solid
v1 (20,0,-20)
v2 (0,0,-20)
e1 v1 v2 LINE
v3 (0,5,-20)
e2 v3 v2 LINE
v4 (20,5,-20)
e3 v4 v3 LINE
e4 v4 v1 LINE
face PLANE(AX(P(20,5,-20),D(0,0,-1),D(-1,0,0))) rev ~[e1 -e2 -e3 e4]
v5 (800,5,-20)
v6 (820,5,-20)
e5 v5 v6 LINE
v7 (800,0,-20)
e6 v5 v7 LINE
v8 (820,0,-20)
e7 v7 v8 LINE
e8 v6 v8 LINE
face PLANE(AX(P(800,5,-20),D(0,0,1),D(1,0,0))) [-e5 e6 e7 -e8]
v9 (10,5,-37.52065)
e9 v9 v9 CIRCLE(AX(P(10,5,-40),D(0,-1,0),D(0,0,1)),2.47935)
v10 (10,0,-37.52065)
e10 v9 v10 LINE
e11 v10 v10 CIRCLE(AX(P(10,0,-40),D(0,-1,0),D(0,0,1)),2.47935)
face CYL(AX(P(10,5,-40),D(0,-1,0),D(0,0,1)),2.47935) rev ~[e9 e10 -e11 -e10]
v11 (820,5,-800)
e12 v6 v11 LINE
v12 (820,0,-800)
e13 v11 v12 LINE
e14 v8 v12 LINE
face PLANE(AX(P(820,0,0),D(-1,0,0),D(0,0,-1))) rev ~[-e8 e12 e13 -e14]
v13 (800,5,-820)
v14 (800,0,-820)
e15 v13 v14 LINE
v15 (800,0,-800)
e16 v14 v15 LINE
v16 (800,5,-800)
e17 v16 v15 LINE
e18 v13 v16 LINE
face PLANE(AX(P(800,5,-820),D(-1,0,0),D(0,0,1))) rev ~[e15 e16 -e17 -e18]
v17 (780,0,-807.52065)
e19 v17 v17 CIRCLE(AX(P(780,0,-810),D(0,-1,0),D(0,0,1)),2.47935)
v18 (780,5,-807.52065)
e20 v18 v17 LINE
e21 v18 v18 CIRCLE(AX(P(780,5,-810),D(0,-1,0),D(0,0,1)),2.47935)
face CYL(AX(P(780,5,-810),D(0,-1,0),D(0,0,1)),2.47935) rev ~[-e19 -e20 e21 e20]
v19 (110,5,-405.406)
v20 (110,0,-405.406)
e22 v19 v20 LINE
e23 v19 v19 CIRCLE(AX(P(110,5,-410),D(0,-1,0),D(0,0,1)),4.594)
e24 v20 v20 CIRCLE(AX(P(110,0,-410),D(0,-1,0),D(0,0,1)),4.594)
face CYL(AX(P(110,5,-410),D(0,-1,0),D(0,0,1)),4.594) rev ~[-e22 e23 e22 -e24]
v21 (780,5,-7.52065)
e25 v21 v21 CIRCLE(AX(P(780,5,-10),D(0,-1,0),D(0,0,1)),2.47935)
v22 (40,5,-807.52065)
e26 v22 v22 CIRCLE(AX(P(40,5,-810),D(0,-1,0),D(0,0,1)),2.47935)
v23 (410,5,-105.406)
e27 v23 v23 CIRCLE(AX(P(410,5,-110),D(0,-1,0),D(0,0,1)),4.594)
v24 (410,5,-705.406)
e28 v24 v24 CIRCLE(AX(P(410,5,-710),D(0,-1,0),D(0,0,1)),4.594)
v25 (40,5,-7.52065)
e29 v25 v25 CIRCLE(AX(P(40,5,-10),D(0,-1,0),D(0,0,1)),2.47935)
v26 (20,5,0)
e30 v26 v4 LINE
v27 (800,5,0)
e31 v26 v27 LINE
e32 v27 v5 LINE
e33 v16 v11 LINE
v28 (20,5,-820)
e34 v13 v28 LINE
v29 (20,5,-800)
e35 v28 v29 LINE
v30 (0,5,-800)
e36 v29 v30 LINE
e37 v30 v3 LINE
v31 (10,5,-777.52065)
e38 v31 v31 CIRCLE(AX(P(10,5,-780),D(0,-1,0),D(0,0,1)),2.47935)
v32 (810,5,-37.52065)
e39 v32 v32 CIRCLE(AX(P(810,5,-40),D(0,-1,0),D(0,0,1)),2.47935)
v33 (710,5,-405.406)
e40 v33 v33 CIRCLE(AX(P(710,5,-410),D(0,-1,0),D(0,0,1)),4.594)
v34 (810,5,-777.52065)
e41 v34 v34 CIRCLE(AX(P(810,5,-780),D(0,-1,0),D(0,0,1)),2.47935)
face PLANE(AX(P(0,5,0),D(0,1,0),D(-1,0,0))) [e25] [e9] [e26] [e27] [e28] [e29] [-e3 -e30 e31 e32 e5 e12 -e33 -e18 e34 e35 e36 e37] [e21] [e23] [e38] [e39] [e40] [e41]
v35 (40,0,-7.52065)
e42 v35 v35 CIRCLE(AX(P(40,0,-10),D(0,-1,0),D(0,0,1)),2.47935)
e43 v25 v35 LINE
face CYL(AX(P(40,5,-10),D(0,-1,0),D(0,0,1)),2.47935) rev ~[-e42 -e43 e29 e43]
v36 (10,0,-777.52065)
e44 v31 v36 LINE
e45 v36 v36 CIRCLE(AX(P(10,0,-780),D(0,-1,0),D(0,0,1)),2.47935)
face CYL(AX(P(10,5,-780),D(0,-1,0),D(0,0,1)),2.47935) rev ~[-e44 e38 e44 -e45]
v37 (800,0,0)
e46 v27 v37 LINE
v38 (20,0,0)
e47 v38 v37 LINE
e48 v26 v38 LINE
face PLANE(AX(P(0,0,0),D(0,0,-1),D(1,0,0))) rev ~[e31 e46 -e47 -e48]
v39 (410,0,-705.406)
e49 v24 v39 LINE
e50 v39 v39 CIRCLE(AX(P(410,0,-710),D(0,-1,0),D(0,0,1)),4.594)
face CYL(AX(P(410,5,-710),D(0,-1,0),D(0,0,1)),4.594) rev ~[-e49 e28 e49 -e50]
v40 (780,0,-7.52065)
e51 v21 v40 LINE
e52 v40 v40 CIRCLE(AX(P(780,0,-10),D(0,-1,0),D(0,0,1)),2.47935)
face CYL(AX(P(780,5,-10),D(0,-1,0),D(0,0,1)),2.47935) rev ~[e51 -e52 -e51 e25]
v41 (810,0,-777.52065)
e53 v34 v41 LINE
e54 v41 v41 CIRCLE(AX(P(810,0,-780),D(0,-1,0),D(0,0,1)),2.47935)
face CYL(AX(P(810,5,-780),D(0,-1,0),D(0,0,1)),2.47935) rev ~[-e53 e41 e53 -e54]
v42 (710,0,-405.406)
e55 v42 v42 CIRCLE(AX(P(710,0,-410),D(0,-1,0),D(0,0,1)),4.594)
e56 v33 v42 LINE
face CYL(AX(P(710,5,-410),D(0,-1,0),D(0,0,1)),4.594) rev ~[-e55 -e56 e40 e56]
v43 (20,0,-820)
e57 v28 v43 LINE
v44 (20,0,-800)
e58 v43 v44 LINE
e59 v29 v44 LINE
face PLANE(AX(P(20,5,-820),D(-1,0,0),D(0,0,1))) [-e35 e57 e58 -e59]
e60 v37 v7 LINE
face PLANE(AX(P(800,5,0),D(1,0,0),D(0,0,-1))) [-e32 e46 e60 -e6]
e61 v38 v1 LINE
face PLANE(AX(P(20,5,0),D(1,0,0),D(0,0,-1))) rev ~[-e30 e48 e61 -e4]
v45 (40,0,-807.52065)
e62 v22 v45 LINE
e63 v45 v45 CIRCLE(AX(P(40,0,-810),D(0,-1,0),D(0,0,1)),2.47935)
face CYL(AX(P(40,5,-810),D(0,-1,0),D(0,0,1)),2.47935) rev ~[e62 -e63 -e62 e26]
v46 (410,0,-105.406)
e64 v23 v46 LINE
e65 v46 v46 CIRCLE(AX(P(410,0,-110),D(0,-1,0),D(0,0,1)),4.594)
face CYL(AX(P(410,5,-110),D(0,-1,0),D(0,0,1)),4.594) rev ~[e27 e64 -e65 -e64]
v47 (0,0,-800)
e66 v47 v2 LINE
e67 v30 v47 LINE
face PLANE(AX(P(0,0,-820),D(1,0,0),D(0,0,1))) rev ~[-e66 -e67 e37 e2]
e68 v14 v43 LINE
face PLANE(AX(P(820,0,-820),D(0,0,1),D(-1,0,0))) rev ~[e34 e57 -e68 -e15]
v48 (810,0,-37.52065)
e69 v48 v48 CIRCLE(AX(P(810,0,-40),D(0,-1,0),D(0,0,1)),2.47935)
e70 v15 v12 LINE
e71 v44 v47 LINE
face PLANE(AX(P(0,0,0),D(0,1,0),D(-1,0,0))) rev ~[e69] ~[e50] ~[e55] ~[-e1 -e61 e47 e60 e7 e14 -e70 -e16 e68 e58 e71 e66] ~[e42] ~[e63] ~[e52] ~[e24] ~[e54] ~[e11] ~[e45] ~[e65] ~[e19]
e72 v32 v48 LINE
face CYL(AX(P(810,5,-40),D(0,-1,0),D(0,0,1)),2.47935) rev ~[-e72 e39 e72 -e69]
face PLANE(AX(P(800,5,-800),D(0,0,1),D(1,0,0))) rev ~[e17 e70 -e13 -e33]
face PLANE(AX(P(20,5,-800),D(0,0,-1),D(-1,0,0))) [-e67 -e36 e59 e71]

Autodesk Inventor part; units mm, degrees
ref_plane "YZ Plane" through (0, 0, 0) normal (1, 0, 0) x (0, 1, 0)
ref_plane "XZ Plane" through (0, 0, 0) normal (0, 1, 0) x (-1, 0, 0)
ref_plane "XY Plane" through (0, 0, 0) normal (0, 0, 1) x (1, 0, 0)
sketch "草图1" plane through (0, 0, 0) normal (0, 1, 0) x (-1, 0, 0)
  line L0 (0, 0) -> (-820, 0)
  line L1 (-820, 0) -> (-820, -820)
  line L2 (-820, -820) -> (0, -820)
  line L3 (0, -820) -> (0, 0)
  dimension "d0" = 820
  dimension "d1" = 820
extrude "拉伸1" add sketch "草图1" along normal blind 5
sketch "草图2" plane through (0, 5, 0) normal (0, 1, 0) x (1, 0, 0)
  line L0 (0, 0) -> (820, 0) projected
  line L1 (0, 0) -> (20, 0)
  line L2 (20, 0) -> (20, 20)
  line L3 (20, 20) -> (0, 20)
  line L4 (0, 20) -> (0, 0)
  line L5 (820, 0) -> (800, 0)
  line L6 (800, 0) -> (800, 20)
  line L7 (800, 20) -> (820, 20)
  line L8 (820, 20) -> (820, 0)
  line L9 (820, 820) -> (0, 820) projected
  line L10 (820, 820) -> (800, 820)
  line L11 (800, 820) -> (800, 800)
  line L12 (800, 800) -> (820, 800)
  line L13 (820, 800) -> (820, 820)
  line L14 (0, 820) -> (20, 820)
  line L15 (20, 820) -> (20, 800)
  line L16 (20, 800) -> (0, 800)
  line L17 (0, 800) -> (0, 820)
  dimension "d4" = 20
  dimension "d5" = 20
  dimension "d6" = 20
  dimension "d7" = 20
  dimension "d8" = 20
  dimension "d9" = 20
  dimension "d10" = 20
  dimension "d11" = 20
extrude "拉伸2" cut sketch "草图2" against normal blind 5
sketch "草图3" plane through (0, 5, 0) normal (0, 1, 0) x (1, 0, 0)
  line L0 (20, 0) -> (800, 0) projected
  line L1 (0, 800) -> (0, 20) projected
  line L2 (820, 20) -> (820, 800) projected
  line L3 (800, 820) -> (20, 820) projected
  point P0 (0, 0)
  point P1 (40, 10)
  point P2 (780, 10)
  point P3 (810, 780)
  point P4 (780, 810)
  point P5 (40, 810)
  point P6 (10, 780)
  point P7 (10, 40)
  point P8 (810, 40)
  dimension "d14" = 10
  dimension "d15" = 40
  dimension "d16" = 10
  dimension "d17" = 40
  dimension "d18" = 10
  dimension "d19" = 40
  dimension "d20" = 10
  dimension "d21" = 40
  dimension "d22" = 10
  dimension "d23" = 40
  dimension "d24" = 10
  dimension "d25" = 40
  dimension "d26" = 10
  dimension "d27" = 40
  dimension "d28" = 10
  dimension "d29" = 40
hole "孔1" at (40, 5, -10) at (780, 5, -10) at (810, 5, -780) at (780, 5, -810) at (40, 5, -810) at (10, 5, -780) at (10, 5, -40) at (810, 5, -40) direction (0, -1, 0) diameter 4.9587 depth 13.8 tip angle 118 thread size "M5.5x0.5" class "6H" standard "GB Metric profile"
sketch "草图5" plane through (0, 5, 0) normal (0, 1, 0) x (1, 0, 0)
  circle A0 centre (410, 410) radius 300
  line L0 (820, 20) -> (820, 800) projected
  line L1 (800, 820) -> (20, 820) projected
  line L2 (410, 410) -> (710, 410)
  circle A1 centre (410, 410) radius 300
  circle A2 centre (410, 410) radius 300
  circle A3 centre (410, 410) radius 300
  point P0 (0, 0)
  point P1 (410, 710)
  point P2 (410, 710)
  point P3 (110, 410)
  point P4 (110, 410)
  point P5 (410, 110)
  point P6 (410, 110)
  dimension "d57" = 600
  dimension "d58" = 410
  dimension "d59" = 410
  dimension "d62" = 360
hole "孔3" at (710, 5, -410) at (410, 5, -710) at (110, 5, -410) at (410, 5, -110) direction (0, -1, 0) diameter 9.188 depth 24 tip angle 118 thread size "M10x0.75" class "6H" standard "GB Metric profile"
properties part number "底板"
